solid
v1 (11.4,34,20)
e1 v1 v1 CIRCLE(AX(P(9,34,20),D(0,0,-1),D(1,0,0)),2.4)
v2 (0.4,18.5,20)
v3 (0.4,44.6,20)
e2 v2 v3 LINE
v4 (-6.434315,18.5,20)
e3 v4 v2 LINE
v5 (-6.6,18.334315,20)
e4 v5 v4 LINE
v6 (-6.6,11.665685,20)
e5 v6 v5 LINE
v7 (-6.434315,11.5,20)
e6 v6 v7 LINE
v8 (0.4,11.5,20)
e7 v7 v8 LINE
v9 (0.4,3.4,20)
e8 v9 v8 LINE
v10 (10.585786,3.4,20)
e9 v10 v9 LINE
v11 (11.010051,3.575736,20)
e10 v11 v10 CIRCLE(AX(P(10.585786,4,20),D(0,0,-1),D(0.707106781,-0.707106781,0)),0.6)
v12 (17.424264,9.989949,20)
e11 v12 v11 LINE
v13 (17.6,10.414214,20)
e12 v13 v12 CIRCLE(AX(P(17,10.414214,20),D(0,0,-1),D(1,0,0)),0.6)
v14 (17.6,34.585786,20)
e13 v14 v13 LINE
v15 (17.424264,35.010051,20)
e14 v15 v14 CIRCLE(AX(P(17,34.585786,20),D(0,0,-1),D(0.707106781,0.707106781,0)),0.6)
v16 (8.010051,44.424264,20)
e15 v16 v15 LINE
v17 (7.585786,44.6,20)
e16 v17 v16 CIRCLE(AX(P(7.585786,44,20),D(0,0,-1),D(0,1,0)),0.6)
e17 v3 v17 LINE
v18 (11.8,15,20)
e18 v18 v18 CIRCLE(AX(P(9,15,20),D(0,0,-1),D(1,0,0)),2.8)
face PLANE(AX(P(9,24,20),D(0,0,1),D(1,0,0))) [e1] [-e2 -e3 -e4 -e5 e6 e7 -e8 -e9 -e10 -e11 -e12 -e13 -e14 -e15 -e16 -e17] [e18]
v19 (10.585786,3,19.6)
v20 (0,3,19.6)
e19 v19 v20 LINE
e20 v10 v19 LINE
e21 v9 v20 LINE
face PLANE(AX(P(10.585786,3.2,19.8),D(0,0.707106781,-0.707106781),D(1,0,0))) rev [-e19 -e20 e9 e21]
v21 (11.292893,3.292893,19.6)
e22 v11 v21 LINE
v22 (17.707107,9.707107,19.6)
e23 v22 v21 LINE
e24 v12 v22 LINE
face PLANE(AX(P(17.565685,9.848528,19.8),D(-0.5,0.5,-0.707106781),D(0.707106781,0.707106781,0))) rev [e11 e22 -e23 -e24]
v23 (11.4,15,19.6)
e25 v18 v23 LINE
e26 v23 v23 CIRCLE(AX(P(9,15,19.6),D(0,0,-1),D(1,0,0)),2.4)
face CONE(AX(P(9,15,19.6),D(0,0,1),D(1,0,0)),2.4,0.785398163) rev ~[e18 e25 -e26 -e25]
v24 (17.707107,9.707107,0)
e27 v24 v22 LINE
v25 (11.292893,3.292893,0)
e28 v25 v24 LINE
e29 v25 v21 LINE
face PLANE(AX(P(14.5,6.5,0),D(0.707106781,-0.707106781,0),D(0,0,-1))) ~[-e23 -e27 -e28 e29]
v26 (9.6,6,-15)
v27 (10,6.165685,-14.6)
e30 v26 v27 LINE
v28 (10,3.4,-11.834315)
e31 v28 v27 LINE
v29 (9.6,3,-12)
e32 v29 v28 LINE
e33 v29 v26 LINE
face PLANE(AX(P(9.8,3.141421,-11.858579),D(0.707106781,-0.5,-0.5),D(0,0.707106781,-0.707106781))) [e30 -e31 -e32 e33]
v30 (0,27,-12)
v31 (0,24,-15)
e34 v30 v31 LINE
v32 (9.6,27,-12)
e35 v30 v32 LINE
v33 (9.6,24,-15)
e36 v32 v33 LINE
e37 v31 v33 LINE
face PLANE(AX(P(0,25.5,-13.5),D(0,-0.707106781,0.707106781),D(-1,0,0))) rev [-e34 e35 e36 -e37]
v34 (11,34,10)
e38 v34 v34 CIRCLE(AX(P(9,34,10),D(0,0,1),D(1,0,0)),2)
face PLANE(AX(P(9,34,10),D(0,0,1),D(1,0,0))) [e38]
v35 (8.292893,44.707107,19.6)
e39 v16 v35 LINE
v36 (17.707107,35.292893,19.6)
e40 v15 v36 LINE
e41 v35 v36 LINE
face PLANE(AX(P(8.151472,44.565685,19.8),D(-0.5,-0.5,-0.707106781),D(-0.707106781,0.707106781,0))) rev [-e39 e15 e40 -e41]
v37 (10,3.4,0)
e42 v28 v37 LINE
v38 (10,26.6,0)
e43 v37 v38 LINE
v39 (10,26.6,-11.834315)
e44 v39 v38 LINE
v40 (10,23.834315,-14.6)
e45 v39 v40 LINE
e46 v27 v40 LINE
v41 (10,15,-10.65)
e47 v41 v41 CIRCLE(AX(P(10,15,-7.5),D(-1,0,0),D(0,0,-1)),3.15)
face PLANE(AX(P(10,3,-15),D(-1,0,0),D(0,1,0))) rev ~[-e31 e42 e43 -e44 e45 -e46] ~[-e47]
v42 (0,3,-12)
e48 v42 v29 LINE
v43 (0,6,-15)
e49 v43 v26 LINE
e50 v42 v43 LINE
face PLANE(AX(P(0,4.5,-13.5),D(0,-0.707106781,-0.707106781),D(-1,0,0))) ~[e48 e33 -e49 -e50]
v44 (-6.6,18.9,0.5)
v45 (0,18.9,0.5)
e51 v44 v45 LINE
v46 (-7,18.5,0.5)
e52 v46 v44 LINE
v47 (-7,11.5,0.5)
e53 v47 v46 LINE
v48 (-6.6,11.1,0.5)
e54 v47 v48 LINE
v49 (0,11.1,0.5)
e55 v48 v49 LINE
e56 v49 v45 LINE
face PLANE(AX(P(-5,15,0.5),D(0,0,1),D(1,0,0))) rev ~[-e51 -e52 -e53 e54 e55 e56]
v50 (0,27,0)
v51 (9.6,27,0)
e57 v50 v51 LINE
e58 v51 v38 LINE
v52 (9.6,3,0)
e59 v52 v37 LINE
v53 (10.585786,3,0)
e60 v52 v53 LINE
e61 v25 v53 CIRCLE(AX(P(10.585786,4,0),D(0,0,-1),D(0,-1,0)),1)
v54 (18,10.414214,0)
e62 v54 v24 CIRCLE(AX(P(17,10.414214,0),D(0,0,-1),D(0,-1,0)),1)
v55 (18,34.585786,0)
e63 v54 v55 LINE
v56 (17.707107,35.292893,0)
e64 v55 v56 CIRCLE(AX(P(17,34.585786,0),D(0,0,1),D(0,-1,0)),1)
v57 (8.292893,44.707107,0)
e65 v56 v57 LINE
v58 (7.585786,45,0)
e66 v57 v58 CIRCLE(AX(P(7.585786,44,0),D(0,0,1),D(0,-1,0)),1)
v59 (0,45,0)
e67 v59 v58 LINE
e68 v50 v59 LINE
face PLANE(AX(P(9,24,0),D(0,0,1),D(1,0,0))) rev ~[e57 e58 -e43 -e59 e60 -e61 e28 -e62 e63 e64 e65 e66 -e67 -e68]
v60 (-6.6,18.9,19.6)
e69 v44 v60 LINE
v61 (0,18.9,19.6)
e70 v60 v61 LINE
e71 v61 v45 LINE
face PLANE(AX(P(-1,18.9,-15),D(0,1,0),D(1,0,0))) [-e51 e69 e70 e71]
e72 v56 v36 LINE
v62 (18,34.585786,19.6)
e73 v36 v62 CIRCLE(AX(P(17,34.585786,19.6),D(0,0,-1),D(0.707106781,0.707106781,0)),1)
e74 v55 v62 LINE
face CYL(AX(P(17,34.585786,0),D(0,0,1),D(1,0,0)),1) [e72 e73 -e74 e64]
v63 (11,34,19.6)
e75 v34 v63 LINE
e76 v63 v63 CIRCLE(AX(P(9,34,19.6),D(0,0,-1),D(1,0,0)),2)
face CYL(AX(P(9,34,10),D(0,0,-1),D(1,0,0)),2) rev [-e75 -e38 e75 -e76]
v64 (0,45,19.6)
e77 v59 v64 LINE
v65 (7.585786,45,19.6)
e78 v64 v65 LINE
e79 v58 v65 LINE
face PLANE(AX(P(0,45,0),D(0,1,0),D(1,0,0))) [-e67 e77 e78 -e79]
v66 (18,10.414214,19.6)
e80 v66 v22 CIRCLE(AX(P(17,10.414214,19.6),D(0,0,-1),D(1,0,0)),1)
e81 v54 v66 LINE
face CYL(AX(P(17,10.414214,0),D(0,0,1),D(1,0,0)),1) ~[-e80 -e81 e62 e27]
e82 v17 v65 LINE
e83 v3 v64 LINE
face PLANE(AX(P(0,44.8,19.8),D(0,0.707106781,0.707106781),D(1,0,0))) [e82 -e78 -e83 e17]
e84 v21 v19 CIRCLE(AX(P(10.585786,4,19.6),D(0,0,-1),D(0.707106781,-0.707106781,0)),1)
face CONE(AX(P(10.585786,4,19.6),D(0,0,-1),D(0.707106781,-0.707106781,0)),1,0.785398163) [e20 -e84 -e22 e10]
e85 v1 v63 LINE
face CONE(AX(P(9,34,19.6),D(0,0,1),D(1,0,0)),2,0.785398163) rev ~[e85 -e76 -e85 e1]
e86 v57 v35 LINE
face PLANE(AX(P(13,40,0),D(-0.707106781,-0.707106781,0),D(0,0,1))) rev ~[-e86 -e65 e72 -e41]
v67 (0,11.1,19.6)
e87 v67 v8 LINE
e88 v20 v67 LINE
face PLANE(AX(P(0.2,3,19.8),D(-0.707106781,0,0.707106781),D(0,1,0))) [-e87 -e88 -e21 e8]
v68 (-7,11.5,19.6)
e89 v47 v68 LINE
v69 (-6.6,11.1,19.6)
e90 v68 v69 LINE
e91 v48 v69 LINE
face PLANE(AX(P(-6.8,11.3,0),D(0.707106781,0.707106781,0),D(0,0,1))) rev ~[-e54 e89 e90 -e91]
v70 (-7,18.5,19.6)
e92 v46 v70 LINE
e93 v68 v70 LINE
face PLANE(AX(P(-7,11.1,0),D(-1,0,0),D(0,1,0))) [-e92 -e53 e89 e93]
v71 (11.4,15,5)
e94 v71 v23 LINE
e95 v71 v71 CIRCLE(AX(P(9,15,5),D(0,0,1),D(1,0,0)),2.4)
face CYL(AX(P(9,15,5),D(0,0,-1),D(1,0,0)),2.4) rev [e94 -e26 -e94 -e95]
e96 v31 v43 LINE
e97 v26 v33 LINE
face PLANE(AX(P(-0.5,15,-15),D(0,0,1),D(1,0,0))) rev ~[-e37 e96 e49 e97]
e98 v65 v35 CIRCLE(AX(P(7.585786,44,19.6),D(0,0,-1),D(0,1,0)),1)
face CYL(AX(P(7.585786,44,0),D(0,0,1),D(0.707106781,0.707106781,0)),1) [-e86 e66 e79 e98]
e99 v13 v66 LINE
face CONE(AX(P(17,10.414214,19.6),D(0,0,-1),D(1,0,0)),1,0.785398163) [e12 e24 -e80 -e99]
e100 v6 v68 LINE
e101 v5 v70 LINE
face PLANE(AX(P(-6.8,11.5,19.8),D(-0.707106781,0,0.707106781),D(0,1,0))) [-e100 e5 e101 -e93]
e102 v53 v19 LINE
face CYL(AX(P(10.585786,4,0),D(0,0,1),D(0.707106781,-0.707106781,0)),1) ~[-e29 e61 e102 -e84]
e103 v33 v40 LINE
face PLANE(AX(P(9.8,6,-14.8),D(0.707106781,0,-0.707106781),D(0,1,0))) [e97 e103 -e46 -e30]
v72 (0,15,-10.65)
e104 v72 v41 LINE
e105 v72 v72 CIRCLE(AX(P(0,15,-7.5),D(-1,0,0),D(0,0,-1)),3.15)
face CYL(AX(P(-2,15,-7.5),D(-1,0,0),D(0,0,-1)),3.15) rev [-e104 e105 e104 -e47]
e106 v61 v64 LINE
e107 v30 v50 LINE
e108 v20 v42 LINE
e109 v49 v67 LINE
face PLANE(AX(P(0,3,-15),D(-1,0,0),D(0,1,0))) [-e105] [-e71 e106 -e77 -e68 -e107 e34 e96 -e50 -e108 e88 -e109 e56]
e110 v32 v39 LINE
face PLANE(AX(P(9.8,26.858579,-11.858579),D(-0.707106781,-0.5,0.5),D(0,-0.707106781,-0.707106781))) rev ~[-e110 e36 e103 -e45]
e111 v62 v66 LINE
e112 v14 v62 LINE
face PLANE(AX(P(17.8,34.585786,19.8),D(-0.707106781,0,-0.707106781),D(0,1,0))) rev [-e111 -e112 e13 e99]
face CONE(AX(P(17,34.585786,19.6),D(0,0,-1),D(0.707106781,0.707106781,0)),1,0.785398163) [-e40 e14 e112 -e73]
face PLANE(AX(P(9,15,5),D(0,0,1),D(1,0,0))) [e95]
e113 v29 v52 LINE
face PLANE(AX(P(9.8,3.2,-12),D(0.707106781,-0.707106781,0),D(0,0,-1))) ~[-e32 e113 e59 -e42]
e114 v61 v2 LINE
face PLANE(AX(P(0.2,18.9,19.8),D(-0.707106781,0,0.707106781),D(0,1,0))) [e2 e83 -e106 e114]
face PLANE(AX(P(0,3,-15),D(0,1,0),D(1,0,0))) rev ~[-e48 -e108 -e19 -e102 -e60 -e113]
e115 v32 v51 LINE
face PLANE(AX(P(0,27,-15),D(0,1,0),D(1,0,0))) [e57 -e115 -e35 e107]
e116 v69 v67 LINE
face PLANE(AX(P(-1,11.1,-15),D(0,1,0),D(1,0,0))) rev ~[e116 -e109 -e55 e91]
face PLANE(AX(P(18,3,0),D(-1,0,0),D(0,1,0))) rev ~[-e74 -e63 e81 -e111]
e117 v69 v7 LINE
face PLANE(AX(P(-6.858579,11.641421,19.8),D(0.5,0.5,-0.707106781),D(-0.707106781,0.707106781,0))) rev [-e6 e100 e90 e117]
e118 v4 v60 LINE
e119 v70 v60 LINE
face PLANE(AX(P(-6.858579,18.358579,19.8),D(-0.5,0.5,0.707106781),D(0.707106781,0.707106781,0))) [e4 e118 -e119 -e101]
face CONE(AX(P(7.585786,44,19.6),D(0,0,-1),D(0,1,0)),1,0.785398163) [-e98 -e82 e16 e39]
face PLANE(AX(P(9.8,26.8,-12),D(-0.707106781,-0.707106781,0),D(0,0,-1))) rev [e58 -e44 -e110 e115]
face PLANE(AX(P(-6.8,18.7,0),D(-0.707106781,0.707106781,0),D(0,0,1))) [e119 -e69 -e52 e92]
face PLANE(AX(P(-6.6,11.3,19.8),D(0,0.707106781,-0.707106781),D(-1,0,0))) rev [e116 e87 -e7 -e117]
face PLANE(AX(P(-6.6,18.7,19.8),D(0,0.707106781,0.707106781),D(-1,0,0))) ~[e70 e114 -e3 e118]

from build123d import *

# Parameters (mm, degrees)
BOX016_W          = 10
BOX016_H          = 10
BOX016_DEPTH      = 17
CYLINDER004_R     = 2.4
CYLINDER004_DEPTH = 35
CYLINDER003_R     = 2
CYLINDER003_DEPTH = 30
CYLINDER008_R     = 3.15
CYLINDER008_DEPTH = 14
BOX007_W          = 7
BOX007_H          = 7.8
BOX007_DEPTH      = 20
CHAMFER005_SIZE   = 0.4
BOX006_W          = 10
BOX006_H          = 24
BOX006_DEPTH      = 15
CHAMFER004_SIZE   = 3
CHAMFER011_SIZE   = 0.4
BOX_W             = 1
BOX_H             = 7.8
BOX_DEPTH         = 15
BOX008_W          = 18
BOX008_H          = 42
BOX008_DEPTH      = 20
CHAMFER_SIZE      = 7
CHAMFER010_SIZE   = 10
FILLET002_R       = 1
CHAMFER013_SIZE   = 0.4


with BuildPart() as cube016:
    # Box016 → Box016 (new body)
    with BuildSketch(Plane(origin=(-10, 10, -16.5), x_dir=(1, 0, 0), z_dir=(0, 0, 1))):
        with Locations((5, 5)):
            Rectangle(BOX016_W, BOX016_H)
    extrude(amount=BOX016_DEPTH)


with BuildPart() as cylinder004:
    # Cylinder004 → Cylinder004 (new body)
    with BuildSketch(Plane(origin=(9, 15, 5), x_dir=(1, 0, 0), z_dir=(0, 0, 1))):
        Circle(CYLINDER004_R)
    extrude(amount=CYLINDER004_DEPTH)


with BuildPart() as cylinder003:
    # Cylinder003 → Cylinder003 (new body)
    with BuildSketch(Plane(origin=(9, 34, 10), x_dir=(1, 0, 0), z_dir=(0, 0, 1))):
        Circle(CYLINDER003_R)
    extrude(amount=CYLINDER003_DEPTH)


with BuildPart() as cylinder008:
    # Cylinder008 → Cylinder008 (new body)
    with BuildSketch(Plane(origin=(-2, 15, -7.5), x_dir=(0, 0, -1), z_dir=(1, 0, 0))):
        Circle(CYLINDER008_R)
    extrude(amount=CYLINDER008_DEPTH)


with BuildPart() as chamfer005:
    # Box007 → Box007 (new body)
    with BuildSketch(Plane(origin=(-7, 11.1, 0), x_dir=(1, 0, 0), z_dir=(0, 0, 1))):
        with Locations((3.5, 3.9)):
            Rectangle(BOX007_W, BOX007_H)
    extrude(amount=BOX007_DEPTH)

    # Chamfer005
    chamfer005_edges = [chamfer005.edges().sort_by_distance(p)[0] for p in [
        (-7, 11.1, 10),
        (-7, 18.9, 10),
    ]]
    chamfer(chamfer005_edges, length=CHAMFER005_SIZE)


with BuildPart() as chamfer011:
    # Box006 → Box006 (new body)
    with BuildSketch(Plane(origin=(0, 3, -15), x_dir=(1, 0, 0), z_dir=(0, 0, 1))):
        with Locations((5, 12)):
            Rectangle(BOX006_W, BOX006_H)
    extrude(amount=BOX006_DEPTH)

    # Chamfer004
    chamfer004_edges = [chamfer011.edges().sort_by_distance(p)[0] for p in [
        (5, 3, -15),
        (5, 27, -15),
    ]]
    chamfer(chamfer004_edges, length=CHAMFER004_SIZE)

    # Chamfer011
    chamfer011_edges = [chamfer011.edges().sort_by_distance(p)[0] for p in [
        (10, 3, -6),
        (10, 4.5, -13.5),
        (10, 15, -15),
        (10, 27, -6),
        (10, 25.5, -13.5),
    ]]
    chamfer(chamfer011_edges, length=CHAMFER011_SIZE)


with BuildPart() as cube:
    # Box → Box (new body)
    with BuildSketch(Plane(origin=(-1, 11.1, -15), x_dir=(1, 0, 0), z_dir=(0, 0, 1))):
        with Locations((0.5, 3.9)):
            Rectangle(BOX_W, BOX_H)
    extrude(amount=BOX_DEPTH)


with BuildPart() as cut002002002007004004001005:
    # Box008 → Box008 (new body)
    with BuildSketch(Plane(origin=(0, 3, 0), x_dir=(1, 0, 0), z_dir=(0, 0, 1))):
        with Locations((9, 21)):
            Rectangle(BOX008_W, BOX008_H)
    extrude(amount=BOX008_DEPTH)

    # Chamfer
    chamfer_edges = [cut002002002007004004001005.edges().sort_by_distance(p)[0] for p in [
        (18, 3, 10),
    ]]
    chamfer(chamfer_edges, length=CHAMFER_SIZE)

    # Chamfer010
    chamfer010_edges = [cut002002002007004004001005.edges().sort_by_distance(p)[0] for p in [
        (18, 45, 10),
    ]]
    chamfer(chamfer010_edges, length=CHAMFER010_SIZE)

    # Fillet002
    fillet002_edges = [cut002002002007004004001005.edges().sort_by_distance(p)[0] for p in [
        (18, 35, 10),
        (18, 10, 10),
        (8, 45, 10),
        (11, 3, 10),
    ]]
    fillet(fillet002_edges, radius=FILLET002_R)

    # Fusion: union Chamfer005, Chamfer011, Cube
    add(chamfer005.part)
    add(chamfer011.part)
    add(cube.part)

    # Cut: cut Cylinder008
    add(cylinder008.part, mode=Mode.SUBTRACT)

    # Cut002002002008: cut Cylinder003
    add(cylinder003.part, mode=Mode.SUBTRACT)

    # Cut002002002009: cut Cylinder004
    add(cylinder004.part, mode=Mode.SUBTRACT)

    # Chamfer013
    chamfer013_edges = [cut002002002007004004001005.edges().sort_by_distance(p)[0] for p in [
        (-7, 15, 20),
        (-6.8, 18.7, 20),
        (-6.8, 11.3, 20),
        (3.792893, 45, 20),
        (17.92388, 10.03153, 20),
        (14.5, 6.5, 20),
        (10.96847, 3.07612, 20),
        (7.96847, 44.92388, 20),
        (13, 40, 20),
        (17.92388, 34.96847, 20),
        (18, 22.5, 20),
        (-3.3, 11.1, 20),
        (-3.3, 18.9, 20),
        (0, 7.05, 20),
        (0, 31.95, 20),
        (5.292893, 3, 20),
        (6.6, 15, 20),
        (7, 34, 20),
    ]]
    chamfer(chamfer013_edges, length=CHAMFER013_SIZE)

    # Cut002002002007004004001005: cut Cube016
    add(cube016.part, mode=Mode.SUBTRACT)


solid = cut002002002007004004001005.part
